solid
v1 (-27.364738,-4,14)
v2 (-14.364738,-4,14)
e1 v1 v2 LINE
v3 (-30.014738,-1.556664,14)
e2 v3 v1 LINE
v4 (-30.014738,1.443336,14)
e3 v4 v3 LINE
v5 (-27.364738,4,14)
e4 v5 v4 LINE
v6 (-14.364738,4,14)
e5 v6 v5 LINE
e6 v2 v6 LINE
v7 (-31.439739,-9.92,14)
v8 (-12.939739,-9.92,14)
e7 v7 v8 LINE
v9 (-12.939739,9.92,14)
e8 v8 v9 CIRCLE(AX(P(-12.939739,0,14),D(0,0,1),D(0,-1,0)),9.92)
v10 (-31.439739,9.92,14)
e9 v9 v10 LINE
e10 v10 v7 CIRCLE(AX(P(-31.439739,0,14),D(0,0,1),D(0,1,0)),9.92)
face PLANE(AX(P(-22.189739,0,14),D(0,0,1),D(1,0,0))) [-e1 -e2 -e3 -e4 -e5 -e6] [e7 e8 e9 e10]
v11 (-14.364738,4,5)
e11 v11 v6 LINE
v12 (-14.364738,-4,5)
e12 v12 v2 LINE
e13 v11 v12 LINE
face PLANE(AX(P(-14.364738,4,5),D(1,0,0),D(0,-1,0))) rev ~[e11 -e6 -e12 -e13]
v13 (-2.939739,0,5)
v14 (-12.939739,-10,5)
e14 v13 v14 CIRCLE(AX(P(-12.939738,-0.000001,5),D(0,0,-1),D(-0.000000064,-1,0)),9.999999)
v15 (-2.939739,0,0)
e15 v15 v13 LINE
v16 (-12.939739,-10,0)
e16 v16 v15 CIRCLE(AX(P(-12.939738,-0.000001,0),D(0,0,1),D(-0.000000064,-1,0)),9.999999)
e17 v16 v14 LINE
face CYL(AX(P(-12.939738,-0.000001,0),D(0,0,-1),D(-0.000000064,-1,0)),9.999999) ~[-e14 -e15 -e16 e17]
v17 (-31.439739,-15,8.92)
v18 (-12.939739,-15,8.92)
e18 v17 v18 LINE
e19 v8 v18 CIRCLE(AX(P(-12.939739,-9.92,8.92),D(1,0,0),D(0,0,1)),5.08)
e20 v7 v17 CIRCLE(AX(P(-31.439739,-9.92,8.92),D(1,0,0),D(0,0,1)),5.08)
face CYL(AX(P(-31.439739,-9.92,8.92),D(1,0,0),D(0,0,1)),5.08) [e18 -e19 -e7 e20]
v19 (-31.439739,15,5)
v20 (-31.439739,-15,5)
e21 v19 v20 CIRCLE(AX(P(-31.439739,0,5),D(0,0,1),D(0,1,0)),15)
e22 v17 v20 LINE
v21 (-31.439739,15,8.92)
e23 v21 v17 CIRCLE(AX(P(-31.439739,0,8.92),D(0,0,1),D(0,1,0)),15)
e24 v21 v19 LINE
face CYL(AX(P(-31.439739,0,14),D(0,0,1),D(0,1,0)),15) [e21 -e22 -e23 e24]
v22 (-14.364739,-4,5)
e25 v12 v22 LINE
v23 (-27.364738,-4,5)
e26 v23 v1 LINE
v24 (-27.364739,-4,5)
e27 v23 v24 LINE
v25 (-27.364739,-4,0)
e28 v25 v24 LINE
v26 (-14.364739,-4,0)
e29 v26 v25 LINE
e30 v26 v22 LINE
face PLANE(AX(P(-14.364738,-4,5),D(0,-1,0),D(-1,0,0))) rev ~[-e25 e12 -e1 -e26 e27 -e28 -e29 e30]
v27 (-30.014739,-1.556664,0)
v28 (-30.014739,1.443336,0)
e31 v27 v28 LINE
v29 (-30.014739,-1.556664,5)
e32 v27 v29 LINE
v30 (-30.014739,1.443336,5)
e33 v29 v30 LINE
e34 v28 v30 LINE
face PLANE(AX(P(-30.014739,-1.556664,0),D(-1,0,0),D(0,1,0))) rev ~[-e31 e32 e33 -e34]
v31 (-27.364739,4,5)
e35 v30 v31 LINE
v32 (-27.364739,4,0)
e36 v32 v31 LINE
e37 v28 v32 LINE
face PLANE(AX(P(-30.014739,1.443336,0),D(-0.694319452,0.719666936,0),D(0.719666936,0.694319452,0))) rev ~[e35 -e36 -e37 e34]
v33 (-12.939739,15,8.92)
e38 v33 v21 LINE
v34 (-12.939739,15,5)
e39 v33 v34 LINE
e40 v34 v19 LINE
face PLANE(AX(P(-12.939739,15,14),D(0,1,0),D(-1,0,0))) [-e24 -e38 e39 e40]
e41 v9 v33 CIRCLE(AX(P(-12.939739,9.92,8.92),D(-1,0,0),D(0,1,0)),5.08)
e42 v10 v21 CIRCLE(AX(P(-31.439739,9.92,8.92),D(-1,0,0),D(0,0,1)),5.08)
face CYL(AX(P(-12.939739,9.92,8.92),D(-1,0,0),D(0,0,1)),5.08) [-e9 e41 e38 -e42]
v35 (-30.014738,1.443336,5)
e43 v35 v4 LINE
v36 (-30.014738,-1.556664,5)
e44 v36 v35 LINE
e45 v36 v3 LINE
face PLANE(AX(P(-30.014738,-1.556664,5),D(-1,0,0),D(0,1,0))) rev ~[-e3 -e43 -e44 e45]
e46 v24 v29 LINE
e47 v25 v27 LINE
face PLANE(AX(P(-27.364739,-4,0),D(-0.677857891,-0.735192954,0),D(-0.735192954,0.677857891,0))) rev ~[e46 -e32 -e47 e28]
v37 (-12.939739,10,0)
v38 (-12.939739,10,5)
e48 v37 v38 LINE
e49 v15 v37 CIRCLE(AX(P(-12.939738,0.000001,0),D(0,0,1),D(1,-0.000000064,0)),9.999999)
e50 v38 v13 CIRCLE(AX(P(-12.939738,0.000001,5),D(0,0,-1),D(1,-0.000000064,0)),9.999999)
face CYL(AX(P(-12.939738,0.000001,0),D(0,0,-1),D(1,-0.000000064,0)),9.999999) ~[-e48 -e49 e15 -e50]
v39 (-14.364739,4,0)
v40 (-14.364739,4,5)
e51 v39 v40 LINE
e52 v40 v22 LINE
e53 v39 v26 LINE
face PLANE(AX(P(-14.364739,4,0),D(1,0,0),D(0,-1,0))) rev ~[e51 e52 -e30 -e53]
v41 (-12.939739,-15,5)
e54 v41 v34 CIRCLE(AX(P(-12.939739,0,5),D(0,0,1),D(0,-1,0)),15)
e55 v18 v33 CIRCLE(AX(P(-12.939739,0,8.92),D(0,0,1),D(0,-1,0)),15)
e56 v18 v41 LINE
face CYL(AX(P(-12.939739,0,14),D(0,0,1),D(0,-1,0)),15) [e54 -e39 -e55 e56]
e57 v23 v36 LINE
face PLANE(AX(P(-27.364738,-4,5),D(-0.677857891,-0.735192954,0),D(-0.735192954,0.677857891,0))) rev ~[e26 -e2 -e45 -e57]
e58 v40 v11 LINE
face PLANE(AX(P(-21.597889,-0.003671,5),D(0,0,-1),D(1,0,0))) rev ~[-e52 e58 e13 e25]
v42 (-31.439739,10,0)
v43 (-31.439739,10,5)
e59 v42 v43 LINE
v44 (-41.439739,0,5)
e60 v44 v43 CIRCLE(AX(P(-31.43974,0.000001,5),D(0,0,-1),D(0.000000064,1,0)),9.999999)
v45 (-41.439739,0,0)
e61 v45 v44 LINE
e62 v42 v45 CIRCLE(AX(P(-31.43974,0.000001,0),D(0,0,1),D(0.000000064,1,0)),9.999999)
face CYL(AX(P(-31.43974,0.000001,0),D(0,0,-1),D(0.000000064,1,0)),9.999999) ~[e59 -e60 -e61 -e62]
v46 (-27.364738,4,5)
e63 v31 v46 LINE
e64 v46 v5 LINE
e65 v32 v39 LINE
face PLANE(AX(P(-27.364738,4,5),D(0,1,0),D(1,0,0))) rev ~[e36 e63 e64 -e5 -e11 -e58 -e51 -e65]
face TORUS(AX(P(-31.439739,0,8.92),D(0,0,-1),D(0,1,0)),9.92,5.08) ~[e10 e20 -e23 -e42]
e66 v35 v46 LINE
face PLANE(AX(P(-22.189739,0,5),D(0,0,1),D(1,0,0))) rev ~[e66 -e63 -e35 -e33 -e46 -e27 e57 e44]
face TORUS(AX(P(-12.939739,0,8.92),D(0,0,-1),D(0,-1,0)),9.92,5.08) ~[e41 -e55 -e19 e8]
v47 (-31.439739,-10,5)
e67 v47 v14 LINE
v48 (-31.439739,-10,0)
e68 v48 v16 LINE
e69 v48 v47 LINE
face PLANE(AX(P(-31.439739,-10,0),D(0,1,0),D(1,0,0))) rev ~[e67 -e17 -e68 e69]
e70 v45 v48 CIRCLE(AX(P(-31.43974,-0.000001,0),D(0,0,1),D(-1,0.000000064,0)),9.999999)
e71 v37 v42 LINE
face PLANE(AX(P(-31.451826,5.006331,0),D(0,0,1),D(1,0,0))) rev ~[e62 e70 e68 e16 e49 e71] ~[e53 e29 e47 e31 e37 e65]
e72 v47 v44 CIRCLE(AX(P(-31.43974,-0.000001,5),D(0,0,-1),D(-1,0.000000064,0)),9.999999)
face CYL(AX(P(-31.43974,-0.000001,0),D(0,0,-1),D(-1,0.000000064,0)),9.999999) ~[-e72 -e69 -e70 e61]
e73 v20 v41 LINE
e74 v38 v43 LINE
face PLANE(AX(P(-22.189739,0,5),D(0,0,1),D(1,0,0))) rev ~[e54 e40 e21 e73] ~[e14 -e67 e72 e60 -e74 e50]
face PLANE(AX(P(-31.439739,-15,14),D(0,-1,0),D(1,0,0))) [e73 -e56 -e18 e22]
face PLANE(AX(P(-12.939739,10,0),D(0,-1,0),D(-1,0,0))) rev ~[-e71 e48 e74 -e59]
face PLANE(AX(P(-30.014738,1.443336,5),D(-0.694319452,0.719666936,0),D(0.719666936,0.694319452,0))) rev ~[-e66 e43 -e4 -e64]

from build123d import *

# Parameters (mm, degrees)
F1_DEPTH = 14
F4_DEPTH = 9
F5_DEPTH = 25.4
F6_R     = 5.08


with BuildPart() as f1:
    # F0 (on Top) → F1 (new body)
    with BuildSketch(Plane.XY):
        with BuildLine():
            Line((-22.189739, 10), (-31.439739, 10))
            ThreePointArc((-31.439739, 10), (-38.510807, 7.071068), (-41.439739, 0))
            Line((-41.439739, 0), (-30.014739, 0))
            Line((-30.014739, 0), (-30.014739, 1.443336))
            Line((-30.014739, 1.443336), (-27.364739, 4))
            Line((-27.364739, 4), (-22.189739, 4))
            Line((-22.189739, 4), (-22.189739, 10))
        make_face()
        with BuildLine():
            Line((-30.014739, 0), (-41.439739, 0))
            ThreePointArc((-41.439739, 0), (-38.510807, -7.071068), (-31.439739, -10))
            Line((-31.439739, -10), (-22.189739, -10))
            Line((-22.189739, -10), (-22.189739, -4))
            Line((-22.189739, -4), (-27.364739, -4))
            Line((-27.364739, -4), (-30.014739, -1.556664))
            Line((-30.014739, -1.556664), (-30.014739, 0))
        make_face()
        with BuildLine():
            Line((-12.939739, 10), (-22.189739, 10))
            Line((-22.189739, 10), (-22.189739, 4))
            Line((-22.189739, 4), (-14.364739, 4))
            Line((-14.364739, 4), (-14.364739, 0))
            Line((-14.364739, 0), (-2.939739, 0))
            ThreePointArc((-2.939739, 0), (-5.868671, 7.071068), (-12.939739, 10))
        make_face()
        with BuildLine():
            Line((-22.189739, -4), (-22.189739, -10))
            Line((-22.189739, -10), (-12.939739, -10))
            ThreePointArc((-12.939739, -10), (-5.868671, -7.071068), (-2.939739, 0))
            Line((-2.939739, 0), (-14.364739, 0))
            Line((-14.364739, 0), (-14.364739, -4))
            Line((-14.364739, -4), (-22.189739, -4))
        make_face()
    extrude(amount=F1_DEPTH)

    # F3 (on offset) → F4 (join)
    with BuildSketch(Plane.XY.offset(14)):
        with BuildLine():
            Line((-12.939739, 15), (-31.439739, 15))
            ThreePointArc((-31.439739, 15), (-46.439739, 0), (-31.439739, -15))
            Line((-31.439739, -15), (-12.939739, -15))
            ThreePointArc((-12.939739, -15), (2.060261, 0), (-12.939739, 15))
        make_face()
    extrude(amount=-F4_DEPTH)

    # F4_face (on face) → F5 (cut)
    with BuildSketch(Plane(origin=(-21.801895, -0.002955, 5), x_dir=(1, 0, 0), z_dir=(0, 0, -1))):
        Polygon((-8.212843, -1.446291), (-5.562843, -4.002955), (7.437157, -4.002955), (7.437157, 3.997045), (-5.562843, 3.997045), (-8.212843, 1.553709), align=None)
    extrude(amount=-F5_DEPTH, mode=Mode.SUBTRACT)

    # F6
    f6_edges = [f1.edges().sort_by_distance(p)[0] for p in [
        (-22.189739, -15, 14),
    ]]
    fillet(f6_edges, radius=F6_R)


solid = f1.part
